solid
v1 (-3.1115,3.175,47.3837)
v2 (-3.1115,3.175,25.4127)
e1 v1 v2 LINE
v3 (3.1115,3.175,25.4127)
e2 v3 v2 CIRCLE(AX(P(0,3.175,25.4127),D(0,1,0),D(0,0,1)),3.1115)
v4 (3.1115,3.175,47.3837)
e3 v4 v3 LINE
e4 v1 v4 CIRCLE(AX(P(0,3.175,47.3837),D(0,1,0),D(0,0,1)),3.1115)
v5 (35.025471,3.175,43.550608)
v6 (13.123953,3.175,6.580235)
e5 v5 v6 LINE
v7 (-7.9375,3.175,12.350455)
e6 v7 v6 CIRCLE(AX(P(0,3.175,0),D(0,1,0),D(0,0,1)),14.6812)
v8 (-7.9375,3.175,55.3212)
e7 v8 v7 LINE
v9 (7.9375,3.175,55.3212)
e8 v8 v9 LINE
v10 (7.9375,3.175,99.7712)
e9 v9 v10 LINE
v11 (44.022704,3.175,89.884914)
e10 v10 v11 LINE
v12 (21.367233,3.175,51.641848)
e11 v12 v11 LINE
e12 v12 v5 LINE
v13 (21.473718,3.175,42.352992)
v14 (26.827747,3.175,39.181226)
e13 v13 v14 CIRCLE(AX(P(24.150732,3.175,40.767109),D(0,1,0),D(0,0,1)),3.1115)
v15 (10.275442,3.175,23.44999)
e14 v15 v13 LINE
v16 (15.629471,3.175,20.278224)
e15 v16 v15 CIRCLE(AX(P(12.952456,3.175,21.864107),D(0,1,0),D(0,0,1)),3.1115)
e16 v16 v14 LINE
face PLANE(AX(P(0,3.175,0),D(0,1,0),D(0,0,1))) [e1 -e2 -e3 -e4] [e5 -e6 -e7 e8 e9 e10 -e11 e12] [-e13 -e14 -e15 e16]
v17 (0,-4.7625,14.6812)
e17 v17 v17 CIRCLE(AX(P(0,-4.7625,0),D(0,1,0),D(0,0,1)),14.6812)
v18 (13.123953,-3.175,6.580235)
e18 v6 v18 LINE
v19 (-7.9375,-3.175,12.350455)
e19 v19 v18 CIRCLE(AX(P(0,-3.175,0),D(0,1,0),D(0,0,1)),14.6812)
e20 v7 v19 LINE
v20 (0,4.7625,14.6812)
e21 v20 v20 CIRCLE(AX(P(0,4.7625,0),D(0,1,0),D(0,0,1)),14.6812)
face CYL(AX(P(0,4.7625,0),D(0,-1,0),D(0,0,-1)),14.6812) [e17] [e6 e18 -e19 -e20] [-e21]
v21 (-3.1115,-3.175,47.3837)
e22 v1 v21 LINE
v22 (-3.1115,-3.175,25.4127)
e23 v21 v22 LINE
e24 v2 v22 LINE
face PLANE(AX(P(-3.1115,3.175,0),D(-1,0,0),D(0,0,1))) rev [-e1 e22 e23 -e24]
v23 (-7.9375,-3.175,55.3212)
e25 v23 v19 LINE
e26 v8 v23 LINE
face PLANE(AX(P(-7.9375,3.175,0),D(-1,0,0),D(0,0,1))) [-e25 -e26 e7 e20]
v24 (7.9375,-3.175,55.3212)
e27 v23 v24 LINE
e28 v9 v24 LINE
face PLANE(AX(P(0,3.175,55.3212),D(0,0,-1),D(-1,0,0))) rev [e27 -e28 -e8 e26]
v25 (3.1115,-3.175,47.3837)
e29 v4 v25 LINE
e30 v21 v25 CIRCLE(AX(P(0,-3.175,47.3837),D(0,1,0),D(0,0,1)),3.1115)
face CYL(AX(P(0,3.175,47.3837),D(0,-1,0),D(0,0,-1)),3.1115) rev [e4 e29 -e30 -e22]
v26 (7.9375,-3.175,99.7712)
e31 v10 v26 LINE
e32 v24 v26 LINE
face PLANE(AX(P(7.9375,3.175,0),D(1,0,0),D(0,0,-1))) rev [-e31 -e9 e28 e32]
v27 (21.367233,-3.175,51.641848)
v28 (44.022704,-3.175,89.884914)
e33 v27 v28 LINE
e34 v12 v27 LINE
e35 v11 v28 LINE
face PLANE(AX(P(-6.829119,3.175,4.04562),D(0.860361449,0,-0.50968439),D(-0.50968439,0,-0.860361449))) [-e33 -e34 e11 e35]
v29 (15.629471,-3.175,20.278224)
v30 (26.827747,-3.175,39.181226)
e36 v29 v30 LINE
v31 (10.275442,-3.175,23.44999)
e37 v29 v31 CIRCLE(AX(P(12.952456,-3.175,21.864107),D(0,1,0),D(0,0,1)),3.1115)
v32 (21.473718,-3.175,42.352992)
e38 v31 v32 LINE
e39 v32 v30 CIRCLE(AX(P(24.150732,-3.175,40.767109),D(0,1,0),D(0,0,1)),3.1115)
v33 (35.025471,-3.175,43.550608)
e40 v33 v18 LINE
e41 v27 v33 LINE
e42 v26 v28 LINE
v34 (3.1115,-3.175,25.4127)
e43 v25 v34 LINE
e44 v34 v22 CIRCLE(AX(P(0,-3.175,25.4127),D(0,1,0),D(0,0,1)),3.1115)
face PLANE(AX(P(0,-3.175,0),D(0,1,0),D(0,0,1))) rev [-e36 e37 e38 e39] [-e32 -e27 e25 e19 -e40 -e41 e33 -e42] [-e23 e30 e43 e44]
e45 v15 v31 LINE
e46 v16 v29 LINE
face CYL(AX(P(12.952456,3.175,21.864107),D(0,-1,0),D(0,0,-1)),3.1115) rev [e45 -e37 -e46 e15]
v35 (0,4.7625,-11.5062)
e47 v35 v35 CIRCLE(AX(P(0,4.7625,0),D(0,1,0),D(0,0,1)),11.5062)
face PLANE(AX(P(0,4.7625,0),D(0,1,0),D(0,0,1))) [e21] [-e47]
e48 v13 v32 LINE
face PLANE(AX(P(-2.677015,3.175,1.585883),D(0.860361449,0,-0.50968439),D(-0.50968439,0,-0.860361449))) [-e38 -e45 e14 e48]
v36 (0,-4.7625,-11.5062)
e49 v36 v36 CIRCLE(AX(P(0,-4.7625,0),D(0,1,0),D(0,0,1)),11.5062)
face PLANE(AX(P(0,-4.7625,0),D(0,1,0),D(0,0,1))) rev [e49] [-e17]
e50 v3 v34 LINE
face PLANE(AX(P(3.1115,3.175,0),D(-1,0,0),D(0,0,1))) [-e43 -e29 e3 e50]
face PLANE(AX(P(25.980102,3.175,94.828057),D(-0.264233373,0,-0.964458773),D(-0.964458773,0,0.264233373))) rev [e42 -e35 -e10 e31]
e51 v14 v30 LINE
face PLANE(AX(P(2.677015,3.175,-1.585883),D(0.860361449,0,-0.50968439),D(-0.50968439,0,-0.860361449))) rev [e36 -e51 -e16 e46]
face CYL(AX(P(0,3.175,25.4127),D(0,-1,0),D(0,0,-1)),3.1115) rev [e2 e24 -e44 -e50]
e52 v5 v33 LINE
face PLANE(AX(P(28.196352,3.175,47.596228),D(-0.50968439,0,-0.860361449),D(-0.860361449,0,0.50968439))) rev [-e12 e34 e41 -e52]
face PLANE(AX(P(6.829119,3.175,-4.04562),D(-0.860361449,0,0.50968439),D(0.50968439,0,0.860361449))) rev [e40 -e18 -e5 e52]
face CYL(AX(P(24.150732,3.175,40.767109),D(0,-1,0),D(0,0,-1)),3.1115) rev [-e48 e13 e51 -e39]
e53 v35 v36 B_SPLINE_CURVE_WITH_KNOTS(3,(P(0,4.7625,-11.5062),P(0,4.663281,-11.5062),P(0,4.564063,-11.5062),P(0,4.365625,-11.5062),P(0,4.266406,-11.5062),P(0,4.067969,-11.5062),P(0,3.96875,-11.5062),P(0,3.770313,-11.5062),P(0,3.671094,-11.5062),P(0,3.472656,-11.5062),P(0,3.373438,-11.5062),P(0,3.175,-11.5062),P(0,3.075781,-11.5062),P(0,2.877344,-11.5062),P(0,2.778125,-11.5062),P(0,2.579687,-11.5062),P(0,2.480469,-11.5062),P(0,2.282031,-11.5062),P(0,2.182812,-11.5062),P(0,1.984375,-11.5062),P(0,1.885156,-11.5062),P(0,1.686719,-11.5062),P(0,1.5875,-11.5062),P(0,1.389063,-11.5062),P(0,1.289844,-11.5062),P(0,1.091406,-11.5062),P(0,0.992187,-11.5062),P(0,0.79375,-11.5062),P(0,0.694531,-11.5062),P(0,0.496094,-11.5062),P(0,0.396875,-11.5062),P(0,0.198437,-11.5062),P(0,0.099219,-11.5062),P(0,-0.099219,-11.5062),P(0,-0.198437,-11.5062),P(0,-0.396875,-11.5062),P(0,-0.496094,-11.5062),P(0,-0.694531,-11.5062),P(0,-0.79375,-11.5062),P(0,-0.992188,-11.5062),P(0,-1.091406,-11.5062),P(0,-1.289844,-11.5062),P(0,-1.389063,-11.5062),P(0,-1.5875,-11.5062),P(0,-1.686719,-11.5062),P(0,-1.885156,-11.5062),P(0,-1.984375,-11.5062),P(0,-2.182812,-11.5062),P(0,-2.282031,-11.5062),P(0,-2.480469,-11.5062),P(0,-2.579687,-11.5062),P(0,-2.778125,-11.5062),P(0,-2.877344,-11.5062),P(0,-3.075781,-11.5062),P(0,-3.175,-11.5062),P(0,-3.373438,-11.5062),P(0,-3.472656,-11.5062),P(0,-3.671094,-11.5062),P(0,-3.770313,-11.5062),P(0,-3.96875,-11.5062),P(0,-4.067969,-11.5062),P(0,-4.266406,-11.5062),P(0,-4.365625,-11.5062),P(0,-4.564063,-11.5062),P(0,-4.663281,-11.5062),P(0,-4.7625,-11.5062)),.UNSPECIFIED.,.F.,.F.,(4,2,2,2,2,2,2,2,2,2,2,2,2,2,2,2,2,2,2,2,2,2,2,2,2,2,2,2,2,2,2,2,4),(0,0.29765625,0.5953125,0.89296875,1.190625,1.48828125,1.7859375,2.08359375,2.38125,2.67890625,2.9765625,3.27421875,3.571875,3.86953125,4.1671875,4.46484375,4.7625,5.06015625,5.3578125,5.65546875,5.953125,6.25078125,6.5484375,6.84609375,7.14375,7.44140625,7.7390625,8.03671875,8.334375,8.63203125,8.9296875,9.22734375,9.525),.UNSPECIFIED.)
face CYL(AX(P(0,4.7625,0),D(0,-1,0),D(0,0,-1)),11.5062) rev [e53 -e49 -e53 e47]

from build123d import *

# Parameters (mm, degrees)
SKETCH1_R             = 11.5062
BEARING_EXTRUDE_DEPTH = 4.7625
BOSS_EXTRUDE2_DEPTH   = 3.175


with BuildPart() as part:
    # Sketch1 → Bearing extrude (new, symmetric)
    with BuildSketch(Plane(origin=(0, 0, 0), x_dir=(1, 0, 0), z_dir=(0, 1, 0))):
        with BuildLine():
            ThreePointArc((14.6812, 0), (-7.035822924, 12.885450292), (-7.9375, -12.350454534))
            ThreePointArc((-7.9375, -12.350454534), (3.879263001, -14.159412135), (13.123952885, -6.580235111))
            ThreePointArc((13.123952885, -6.580235111), (14.286584801, -3.380995145), (14.6812, 0))
        make_face()
        Circle(SKETCH1_R, mode=Mode.SUBTRACT)
    extrude(amount=BEARING_EXTRUDE_DEPTH, both=True)

    # Sketch1<5> → Boss-Extrude2 (add, symmetric)
    with BuildSketch(Plane(origin=(0, 0, 0), x_dir=(1, 0, 0), z_dir=(0, 1, 0))):
        with BuildLine():
            Line((-7.9375, -12.350454534), (-7.9375, -55.3212))
            Line((-7.9375, -55.3212), (7.9375, -55.3212))
            Line((7.9375, -55.3212), (7.9375, -99.7712))
            Line((7.9375, -99.7712), (44.02270421, -89.884914027))
            Line((44.02270421, -89.884914027), (21.367233075, -51.641847628))
            Line((21.367233075, -51.641847628), (28.196352075, -47.596227782))
            Line((28.196352075, -47.596227782), (35.025471075, -43.550607937))
            Line((35.025471075, -43.550607937), (13.123952885, -6.580235111))
            ThreePointArc((13.123952885, -6.580235111), (3.879263001, -14.159412135), (-7.9375, -12.350454534))
        make_face()
        with BuildLine():
            ThreePointArc((3.1115, -47.3837), (0, -50.4952), (-3.1115, -47.3837))
            Line((-3.1115, -47.3837), (-3.1115, -25.4127))
            ThreePointArc((-3.1115, -25.4127), (0, -22.3012), (3.1115, -25.4127))
            Line((3.1115, -25.4127), (3.1115, -47.3837))
        make_face(mode=Mode.SUBTRACT)
        with BuildLine():
            ThreePointArc((26.827746878, -39.181225803), (27.16505605, -41.538655384), (25.736615209, -43.44412343))
            ThreePointArc((25.736615209, -43.44412343), (23.379185628, -43.781432602), (21.473717582, -42.352991762))
            Line((21.473717582, -42.352991762), (10.275441849, -23.44999037))
            ThreePointArc((10.275441849, -23.44999037), (11.366573518, -19.187092742), (15.629471145, -20.278224411))
            Line((15.629471145, -20.278224411), (26.827746878, -39.181225803))
        make_face(mode=Mode.SUBTRACT)
    extrude(amount=BOSS_EXTRUDE2_DEPTH, both=True)


solid = part.part
